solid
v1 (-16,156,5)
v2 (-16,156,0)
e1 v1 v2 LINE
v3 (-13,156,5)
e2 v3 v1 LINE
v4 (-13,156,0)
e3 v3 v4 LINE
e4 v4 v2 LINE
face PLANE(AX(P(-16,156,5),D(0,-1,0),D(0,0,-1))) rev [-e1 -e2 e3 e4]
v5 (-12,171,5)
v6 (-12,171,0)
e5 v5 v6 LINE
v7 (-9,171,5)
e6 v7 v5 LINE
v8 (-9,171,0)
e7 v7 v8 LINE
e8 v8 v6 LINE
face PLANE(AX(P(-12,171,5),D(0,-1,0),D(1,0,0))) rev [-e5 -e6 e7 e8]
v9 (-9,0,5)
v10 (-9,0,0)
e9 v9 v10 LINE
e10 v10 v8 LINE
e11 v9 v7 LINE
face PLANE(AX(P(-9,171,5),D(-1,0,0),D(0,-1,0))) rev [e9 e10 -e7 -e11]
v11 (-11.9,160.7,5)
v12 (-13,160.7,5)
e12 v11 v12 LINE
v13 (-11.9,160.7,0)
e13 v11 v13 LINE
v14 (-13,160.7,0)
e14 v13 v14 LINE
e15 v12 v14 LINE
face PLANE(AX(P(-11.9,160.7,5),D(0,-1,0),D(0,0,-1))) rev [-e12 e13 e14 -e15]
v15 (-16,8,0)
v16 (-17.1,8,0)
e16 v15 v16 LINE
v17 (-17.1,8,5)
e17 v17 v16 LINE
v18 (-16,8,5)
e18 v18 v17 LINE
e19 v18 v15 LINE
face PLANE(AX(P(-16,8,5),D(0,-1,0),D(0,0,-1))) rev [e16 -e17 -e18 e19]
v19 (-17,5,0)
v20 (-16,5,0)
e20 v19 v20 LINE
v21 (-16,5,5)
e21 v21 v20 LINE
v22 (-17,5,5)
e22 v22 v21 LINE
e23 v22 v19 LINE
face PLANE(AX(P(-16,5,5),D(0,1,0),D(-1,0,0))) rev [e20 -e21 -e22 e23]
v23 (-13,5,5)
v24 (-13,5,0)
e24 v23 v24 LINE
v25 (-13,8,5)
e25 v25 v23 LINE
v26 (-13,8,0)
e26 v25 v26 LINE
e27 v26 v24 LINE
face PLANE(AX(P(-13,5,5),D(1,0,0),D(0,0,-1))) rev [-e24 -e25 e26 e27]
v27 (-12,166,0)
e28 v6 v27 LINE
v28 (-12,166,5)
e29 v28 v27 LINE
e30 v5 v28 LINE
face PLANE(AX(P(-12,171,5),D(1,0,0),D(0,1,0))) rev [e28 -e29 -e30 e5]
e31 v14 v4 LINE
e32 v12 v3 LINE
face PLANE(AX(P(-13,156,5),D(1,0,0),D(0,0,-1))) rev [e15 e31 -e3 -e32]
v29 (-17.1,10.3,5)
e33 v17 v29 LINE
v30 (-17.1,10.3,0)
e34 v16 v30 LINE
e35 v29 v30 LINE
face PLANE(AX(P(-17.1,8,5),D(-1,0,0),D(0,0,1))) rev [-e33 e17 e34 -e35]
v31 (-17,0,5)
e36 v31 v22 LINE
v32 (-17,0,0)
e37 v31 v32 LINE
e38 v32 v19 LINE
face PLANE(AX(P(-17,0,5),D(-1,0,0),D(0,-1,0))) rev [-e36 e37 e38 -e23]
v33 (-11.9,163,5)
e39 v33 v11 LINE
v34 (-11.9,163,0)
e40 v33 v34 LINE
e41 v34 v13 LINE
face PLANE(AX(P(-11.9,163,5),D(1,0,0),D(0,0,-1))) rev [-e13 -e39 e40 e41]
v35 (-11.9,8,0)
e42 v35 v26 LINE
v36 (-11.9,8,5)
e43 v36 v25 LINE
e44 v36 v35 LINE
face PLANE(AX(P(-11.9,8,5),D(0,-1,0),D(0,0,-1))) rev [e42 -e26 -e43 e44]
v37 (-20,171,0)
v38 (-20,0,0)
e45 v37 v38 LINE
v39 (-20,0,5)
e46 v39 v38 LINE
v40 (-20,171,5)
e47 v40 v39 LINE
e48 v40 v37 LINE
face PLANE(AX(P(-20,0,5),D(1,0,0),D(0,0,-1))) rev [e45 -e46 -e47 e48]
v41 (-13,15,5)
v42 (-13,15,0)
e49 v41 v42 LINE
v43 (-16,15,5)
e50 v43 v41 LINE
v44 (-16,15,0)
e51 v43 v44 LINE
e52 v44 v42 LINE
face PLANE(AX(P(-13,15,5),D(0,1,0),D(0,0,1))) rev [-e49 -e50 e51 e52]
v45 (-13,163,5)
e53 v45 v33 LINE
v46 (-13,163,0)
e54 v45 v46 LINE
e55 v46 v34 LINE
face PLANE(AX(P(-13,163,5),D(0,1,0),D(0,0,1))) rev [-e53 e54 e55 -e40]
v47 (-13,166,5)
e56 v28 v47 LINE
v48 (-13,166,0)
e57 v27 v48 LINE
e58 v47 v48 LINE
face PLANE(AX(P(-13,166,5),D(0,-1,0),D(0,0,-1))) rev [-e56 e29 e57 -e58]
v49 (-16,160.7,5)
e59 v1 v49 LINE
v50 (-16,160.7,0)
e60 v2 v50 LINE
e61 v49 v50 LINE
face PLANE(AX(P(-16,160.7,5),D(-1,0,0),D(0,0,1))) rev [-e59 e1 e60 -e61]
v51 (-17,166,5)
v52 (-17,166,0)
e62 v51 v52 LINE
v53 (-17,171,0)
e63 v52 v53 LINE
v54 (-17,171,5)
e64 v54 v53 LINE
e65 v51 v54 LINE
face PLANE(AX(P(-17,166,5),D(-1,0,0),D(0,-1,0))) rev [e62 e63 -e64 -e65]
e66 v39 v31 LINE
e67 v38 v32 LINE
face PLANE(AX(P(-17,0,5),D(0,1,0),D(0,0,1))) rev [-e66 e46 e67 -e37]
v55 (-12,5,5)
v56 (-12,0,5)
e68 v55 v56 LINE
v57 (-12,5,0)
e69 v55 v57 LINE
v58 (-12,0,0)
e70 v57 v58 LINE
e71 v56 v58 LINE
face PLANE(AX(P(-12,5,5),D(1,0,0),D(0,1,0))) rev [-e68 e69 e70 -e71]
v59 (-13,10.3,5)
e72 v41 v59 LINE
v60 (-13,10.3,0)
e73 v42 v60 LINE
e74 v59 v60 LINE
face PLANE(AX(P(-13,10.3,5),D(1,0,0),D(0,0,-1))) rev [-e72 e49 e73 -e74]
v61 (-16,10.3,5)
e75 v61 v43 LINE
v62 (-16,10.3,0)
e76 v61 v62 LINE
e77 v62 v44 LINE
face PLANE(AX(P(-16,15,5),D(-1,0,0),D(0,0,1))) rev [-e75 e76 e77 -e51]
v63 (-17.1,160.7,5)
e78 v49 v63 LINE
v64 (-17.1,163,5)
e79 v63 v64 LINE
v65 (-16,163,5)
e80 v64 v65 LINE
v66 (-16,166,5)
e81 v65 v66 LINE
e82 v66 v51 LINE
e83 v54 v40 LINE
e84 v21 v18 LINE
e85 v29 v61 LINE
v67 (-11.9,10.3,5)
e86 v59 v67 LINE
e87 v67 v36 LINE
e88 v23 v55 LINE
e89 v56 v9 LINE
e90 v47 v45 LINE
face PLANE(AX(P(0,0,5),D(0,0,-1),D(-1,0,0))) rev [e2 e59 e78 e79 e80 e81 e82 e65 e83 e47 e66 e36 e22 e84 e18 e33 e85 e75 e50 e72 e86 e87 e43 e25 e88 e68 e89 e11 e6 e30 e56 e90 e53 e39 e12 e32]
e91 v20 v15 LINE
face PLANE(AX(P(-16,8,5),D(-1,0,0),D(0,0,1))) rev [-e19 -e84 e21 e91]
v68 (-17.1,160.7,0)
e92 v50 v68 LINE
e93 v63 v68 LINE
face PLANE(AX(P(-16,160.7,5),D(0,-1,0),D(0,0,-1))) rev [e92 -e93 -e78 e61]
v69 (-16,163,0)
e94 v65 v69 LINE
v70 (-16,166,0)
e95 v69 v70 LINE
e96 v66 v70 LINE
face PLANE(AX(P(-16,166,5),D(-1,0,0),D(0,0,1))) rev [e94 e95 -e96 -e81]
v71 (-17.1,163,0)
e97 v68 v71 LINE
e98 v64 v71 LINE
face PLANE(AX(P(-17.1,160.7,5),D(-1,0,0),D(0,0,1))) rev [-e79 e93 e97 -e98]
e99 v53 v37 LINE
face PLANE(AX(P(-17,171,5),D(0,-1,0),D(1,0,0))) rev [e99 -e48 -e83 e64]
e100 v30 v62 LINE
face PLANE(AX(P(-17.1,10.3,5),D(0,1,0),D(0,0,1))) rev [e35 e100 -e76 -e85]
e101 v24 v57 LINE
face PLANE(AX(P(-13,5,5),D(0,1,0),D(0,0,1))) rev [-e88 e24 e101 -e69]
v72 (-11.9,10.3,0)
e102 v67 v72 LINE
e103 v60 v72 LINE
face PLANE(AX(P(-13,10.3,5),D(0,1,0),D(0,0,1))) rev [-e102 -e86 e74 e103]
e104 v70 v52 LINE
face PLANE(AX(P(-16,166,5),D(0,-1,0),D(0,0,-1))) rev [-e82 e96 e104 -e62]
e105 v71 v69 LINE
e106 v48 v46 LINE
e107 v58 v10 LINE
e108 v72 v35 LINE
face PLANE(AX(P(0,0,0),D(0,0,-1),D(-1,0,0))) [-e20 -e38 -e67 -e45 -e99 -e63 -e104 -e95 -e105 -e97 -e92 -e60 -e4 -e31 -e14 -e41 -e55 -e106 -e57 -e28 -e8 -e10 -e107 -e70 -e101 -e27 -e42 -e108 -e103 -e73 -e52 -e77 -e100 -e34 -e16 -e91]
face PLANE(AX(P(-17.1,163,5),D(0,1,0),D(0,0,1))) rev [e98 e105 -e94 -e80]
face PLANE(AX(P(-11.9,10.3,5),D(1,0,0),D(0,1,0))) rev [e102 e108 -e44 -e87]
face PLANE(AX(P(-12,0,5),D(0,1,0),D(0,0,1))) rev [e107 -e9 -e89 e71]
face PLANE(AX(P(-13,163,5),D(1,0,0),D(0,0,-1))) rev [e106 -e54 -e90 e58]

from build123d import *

# Parameters (mm, degrees)
BOSS_EXTRUDE1_DEPTH = 5


with BuildPart() as part:
    # Sketch1 → Boss-Extrude1 (new body)
    with BuildSketch(Plane.XY):
        Polygon((-9, 166), (-9, 5), (-9, 0), (-12, 0), (-12, 5), (-13, 5), (-13, 8), (-11.9, 8), (-11.9, 10.3), (-13, 10.3), (-13, 15), (-16, 15), (-16, 10.3), (-17.1, 10.3), (-17.1, 8), (-16, 8), (-16, 5), (-17, 5), (-17, 0), (-20, 0), (-20, 5), (-20, 166), (-20, 171), (-17, 171), (-17, 166), (-16, 166), (-16, 163), (-17.1, 163), (-17.1, 160.7), (-16, 160.7), (-16, 156), (-13, 156), (-13, 160.7), (-11.9, 160.7), (-11.9, 163), (-13, 163), (-13, 166), (-12, 166), (-12, 171), (-9, 171), align=None)
    extrude(amount=BOSS_EXTRUDE1_DEPTH)


solid = part.part
